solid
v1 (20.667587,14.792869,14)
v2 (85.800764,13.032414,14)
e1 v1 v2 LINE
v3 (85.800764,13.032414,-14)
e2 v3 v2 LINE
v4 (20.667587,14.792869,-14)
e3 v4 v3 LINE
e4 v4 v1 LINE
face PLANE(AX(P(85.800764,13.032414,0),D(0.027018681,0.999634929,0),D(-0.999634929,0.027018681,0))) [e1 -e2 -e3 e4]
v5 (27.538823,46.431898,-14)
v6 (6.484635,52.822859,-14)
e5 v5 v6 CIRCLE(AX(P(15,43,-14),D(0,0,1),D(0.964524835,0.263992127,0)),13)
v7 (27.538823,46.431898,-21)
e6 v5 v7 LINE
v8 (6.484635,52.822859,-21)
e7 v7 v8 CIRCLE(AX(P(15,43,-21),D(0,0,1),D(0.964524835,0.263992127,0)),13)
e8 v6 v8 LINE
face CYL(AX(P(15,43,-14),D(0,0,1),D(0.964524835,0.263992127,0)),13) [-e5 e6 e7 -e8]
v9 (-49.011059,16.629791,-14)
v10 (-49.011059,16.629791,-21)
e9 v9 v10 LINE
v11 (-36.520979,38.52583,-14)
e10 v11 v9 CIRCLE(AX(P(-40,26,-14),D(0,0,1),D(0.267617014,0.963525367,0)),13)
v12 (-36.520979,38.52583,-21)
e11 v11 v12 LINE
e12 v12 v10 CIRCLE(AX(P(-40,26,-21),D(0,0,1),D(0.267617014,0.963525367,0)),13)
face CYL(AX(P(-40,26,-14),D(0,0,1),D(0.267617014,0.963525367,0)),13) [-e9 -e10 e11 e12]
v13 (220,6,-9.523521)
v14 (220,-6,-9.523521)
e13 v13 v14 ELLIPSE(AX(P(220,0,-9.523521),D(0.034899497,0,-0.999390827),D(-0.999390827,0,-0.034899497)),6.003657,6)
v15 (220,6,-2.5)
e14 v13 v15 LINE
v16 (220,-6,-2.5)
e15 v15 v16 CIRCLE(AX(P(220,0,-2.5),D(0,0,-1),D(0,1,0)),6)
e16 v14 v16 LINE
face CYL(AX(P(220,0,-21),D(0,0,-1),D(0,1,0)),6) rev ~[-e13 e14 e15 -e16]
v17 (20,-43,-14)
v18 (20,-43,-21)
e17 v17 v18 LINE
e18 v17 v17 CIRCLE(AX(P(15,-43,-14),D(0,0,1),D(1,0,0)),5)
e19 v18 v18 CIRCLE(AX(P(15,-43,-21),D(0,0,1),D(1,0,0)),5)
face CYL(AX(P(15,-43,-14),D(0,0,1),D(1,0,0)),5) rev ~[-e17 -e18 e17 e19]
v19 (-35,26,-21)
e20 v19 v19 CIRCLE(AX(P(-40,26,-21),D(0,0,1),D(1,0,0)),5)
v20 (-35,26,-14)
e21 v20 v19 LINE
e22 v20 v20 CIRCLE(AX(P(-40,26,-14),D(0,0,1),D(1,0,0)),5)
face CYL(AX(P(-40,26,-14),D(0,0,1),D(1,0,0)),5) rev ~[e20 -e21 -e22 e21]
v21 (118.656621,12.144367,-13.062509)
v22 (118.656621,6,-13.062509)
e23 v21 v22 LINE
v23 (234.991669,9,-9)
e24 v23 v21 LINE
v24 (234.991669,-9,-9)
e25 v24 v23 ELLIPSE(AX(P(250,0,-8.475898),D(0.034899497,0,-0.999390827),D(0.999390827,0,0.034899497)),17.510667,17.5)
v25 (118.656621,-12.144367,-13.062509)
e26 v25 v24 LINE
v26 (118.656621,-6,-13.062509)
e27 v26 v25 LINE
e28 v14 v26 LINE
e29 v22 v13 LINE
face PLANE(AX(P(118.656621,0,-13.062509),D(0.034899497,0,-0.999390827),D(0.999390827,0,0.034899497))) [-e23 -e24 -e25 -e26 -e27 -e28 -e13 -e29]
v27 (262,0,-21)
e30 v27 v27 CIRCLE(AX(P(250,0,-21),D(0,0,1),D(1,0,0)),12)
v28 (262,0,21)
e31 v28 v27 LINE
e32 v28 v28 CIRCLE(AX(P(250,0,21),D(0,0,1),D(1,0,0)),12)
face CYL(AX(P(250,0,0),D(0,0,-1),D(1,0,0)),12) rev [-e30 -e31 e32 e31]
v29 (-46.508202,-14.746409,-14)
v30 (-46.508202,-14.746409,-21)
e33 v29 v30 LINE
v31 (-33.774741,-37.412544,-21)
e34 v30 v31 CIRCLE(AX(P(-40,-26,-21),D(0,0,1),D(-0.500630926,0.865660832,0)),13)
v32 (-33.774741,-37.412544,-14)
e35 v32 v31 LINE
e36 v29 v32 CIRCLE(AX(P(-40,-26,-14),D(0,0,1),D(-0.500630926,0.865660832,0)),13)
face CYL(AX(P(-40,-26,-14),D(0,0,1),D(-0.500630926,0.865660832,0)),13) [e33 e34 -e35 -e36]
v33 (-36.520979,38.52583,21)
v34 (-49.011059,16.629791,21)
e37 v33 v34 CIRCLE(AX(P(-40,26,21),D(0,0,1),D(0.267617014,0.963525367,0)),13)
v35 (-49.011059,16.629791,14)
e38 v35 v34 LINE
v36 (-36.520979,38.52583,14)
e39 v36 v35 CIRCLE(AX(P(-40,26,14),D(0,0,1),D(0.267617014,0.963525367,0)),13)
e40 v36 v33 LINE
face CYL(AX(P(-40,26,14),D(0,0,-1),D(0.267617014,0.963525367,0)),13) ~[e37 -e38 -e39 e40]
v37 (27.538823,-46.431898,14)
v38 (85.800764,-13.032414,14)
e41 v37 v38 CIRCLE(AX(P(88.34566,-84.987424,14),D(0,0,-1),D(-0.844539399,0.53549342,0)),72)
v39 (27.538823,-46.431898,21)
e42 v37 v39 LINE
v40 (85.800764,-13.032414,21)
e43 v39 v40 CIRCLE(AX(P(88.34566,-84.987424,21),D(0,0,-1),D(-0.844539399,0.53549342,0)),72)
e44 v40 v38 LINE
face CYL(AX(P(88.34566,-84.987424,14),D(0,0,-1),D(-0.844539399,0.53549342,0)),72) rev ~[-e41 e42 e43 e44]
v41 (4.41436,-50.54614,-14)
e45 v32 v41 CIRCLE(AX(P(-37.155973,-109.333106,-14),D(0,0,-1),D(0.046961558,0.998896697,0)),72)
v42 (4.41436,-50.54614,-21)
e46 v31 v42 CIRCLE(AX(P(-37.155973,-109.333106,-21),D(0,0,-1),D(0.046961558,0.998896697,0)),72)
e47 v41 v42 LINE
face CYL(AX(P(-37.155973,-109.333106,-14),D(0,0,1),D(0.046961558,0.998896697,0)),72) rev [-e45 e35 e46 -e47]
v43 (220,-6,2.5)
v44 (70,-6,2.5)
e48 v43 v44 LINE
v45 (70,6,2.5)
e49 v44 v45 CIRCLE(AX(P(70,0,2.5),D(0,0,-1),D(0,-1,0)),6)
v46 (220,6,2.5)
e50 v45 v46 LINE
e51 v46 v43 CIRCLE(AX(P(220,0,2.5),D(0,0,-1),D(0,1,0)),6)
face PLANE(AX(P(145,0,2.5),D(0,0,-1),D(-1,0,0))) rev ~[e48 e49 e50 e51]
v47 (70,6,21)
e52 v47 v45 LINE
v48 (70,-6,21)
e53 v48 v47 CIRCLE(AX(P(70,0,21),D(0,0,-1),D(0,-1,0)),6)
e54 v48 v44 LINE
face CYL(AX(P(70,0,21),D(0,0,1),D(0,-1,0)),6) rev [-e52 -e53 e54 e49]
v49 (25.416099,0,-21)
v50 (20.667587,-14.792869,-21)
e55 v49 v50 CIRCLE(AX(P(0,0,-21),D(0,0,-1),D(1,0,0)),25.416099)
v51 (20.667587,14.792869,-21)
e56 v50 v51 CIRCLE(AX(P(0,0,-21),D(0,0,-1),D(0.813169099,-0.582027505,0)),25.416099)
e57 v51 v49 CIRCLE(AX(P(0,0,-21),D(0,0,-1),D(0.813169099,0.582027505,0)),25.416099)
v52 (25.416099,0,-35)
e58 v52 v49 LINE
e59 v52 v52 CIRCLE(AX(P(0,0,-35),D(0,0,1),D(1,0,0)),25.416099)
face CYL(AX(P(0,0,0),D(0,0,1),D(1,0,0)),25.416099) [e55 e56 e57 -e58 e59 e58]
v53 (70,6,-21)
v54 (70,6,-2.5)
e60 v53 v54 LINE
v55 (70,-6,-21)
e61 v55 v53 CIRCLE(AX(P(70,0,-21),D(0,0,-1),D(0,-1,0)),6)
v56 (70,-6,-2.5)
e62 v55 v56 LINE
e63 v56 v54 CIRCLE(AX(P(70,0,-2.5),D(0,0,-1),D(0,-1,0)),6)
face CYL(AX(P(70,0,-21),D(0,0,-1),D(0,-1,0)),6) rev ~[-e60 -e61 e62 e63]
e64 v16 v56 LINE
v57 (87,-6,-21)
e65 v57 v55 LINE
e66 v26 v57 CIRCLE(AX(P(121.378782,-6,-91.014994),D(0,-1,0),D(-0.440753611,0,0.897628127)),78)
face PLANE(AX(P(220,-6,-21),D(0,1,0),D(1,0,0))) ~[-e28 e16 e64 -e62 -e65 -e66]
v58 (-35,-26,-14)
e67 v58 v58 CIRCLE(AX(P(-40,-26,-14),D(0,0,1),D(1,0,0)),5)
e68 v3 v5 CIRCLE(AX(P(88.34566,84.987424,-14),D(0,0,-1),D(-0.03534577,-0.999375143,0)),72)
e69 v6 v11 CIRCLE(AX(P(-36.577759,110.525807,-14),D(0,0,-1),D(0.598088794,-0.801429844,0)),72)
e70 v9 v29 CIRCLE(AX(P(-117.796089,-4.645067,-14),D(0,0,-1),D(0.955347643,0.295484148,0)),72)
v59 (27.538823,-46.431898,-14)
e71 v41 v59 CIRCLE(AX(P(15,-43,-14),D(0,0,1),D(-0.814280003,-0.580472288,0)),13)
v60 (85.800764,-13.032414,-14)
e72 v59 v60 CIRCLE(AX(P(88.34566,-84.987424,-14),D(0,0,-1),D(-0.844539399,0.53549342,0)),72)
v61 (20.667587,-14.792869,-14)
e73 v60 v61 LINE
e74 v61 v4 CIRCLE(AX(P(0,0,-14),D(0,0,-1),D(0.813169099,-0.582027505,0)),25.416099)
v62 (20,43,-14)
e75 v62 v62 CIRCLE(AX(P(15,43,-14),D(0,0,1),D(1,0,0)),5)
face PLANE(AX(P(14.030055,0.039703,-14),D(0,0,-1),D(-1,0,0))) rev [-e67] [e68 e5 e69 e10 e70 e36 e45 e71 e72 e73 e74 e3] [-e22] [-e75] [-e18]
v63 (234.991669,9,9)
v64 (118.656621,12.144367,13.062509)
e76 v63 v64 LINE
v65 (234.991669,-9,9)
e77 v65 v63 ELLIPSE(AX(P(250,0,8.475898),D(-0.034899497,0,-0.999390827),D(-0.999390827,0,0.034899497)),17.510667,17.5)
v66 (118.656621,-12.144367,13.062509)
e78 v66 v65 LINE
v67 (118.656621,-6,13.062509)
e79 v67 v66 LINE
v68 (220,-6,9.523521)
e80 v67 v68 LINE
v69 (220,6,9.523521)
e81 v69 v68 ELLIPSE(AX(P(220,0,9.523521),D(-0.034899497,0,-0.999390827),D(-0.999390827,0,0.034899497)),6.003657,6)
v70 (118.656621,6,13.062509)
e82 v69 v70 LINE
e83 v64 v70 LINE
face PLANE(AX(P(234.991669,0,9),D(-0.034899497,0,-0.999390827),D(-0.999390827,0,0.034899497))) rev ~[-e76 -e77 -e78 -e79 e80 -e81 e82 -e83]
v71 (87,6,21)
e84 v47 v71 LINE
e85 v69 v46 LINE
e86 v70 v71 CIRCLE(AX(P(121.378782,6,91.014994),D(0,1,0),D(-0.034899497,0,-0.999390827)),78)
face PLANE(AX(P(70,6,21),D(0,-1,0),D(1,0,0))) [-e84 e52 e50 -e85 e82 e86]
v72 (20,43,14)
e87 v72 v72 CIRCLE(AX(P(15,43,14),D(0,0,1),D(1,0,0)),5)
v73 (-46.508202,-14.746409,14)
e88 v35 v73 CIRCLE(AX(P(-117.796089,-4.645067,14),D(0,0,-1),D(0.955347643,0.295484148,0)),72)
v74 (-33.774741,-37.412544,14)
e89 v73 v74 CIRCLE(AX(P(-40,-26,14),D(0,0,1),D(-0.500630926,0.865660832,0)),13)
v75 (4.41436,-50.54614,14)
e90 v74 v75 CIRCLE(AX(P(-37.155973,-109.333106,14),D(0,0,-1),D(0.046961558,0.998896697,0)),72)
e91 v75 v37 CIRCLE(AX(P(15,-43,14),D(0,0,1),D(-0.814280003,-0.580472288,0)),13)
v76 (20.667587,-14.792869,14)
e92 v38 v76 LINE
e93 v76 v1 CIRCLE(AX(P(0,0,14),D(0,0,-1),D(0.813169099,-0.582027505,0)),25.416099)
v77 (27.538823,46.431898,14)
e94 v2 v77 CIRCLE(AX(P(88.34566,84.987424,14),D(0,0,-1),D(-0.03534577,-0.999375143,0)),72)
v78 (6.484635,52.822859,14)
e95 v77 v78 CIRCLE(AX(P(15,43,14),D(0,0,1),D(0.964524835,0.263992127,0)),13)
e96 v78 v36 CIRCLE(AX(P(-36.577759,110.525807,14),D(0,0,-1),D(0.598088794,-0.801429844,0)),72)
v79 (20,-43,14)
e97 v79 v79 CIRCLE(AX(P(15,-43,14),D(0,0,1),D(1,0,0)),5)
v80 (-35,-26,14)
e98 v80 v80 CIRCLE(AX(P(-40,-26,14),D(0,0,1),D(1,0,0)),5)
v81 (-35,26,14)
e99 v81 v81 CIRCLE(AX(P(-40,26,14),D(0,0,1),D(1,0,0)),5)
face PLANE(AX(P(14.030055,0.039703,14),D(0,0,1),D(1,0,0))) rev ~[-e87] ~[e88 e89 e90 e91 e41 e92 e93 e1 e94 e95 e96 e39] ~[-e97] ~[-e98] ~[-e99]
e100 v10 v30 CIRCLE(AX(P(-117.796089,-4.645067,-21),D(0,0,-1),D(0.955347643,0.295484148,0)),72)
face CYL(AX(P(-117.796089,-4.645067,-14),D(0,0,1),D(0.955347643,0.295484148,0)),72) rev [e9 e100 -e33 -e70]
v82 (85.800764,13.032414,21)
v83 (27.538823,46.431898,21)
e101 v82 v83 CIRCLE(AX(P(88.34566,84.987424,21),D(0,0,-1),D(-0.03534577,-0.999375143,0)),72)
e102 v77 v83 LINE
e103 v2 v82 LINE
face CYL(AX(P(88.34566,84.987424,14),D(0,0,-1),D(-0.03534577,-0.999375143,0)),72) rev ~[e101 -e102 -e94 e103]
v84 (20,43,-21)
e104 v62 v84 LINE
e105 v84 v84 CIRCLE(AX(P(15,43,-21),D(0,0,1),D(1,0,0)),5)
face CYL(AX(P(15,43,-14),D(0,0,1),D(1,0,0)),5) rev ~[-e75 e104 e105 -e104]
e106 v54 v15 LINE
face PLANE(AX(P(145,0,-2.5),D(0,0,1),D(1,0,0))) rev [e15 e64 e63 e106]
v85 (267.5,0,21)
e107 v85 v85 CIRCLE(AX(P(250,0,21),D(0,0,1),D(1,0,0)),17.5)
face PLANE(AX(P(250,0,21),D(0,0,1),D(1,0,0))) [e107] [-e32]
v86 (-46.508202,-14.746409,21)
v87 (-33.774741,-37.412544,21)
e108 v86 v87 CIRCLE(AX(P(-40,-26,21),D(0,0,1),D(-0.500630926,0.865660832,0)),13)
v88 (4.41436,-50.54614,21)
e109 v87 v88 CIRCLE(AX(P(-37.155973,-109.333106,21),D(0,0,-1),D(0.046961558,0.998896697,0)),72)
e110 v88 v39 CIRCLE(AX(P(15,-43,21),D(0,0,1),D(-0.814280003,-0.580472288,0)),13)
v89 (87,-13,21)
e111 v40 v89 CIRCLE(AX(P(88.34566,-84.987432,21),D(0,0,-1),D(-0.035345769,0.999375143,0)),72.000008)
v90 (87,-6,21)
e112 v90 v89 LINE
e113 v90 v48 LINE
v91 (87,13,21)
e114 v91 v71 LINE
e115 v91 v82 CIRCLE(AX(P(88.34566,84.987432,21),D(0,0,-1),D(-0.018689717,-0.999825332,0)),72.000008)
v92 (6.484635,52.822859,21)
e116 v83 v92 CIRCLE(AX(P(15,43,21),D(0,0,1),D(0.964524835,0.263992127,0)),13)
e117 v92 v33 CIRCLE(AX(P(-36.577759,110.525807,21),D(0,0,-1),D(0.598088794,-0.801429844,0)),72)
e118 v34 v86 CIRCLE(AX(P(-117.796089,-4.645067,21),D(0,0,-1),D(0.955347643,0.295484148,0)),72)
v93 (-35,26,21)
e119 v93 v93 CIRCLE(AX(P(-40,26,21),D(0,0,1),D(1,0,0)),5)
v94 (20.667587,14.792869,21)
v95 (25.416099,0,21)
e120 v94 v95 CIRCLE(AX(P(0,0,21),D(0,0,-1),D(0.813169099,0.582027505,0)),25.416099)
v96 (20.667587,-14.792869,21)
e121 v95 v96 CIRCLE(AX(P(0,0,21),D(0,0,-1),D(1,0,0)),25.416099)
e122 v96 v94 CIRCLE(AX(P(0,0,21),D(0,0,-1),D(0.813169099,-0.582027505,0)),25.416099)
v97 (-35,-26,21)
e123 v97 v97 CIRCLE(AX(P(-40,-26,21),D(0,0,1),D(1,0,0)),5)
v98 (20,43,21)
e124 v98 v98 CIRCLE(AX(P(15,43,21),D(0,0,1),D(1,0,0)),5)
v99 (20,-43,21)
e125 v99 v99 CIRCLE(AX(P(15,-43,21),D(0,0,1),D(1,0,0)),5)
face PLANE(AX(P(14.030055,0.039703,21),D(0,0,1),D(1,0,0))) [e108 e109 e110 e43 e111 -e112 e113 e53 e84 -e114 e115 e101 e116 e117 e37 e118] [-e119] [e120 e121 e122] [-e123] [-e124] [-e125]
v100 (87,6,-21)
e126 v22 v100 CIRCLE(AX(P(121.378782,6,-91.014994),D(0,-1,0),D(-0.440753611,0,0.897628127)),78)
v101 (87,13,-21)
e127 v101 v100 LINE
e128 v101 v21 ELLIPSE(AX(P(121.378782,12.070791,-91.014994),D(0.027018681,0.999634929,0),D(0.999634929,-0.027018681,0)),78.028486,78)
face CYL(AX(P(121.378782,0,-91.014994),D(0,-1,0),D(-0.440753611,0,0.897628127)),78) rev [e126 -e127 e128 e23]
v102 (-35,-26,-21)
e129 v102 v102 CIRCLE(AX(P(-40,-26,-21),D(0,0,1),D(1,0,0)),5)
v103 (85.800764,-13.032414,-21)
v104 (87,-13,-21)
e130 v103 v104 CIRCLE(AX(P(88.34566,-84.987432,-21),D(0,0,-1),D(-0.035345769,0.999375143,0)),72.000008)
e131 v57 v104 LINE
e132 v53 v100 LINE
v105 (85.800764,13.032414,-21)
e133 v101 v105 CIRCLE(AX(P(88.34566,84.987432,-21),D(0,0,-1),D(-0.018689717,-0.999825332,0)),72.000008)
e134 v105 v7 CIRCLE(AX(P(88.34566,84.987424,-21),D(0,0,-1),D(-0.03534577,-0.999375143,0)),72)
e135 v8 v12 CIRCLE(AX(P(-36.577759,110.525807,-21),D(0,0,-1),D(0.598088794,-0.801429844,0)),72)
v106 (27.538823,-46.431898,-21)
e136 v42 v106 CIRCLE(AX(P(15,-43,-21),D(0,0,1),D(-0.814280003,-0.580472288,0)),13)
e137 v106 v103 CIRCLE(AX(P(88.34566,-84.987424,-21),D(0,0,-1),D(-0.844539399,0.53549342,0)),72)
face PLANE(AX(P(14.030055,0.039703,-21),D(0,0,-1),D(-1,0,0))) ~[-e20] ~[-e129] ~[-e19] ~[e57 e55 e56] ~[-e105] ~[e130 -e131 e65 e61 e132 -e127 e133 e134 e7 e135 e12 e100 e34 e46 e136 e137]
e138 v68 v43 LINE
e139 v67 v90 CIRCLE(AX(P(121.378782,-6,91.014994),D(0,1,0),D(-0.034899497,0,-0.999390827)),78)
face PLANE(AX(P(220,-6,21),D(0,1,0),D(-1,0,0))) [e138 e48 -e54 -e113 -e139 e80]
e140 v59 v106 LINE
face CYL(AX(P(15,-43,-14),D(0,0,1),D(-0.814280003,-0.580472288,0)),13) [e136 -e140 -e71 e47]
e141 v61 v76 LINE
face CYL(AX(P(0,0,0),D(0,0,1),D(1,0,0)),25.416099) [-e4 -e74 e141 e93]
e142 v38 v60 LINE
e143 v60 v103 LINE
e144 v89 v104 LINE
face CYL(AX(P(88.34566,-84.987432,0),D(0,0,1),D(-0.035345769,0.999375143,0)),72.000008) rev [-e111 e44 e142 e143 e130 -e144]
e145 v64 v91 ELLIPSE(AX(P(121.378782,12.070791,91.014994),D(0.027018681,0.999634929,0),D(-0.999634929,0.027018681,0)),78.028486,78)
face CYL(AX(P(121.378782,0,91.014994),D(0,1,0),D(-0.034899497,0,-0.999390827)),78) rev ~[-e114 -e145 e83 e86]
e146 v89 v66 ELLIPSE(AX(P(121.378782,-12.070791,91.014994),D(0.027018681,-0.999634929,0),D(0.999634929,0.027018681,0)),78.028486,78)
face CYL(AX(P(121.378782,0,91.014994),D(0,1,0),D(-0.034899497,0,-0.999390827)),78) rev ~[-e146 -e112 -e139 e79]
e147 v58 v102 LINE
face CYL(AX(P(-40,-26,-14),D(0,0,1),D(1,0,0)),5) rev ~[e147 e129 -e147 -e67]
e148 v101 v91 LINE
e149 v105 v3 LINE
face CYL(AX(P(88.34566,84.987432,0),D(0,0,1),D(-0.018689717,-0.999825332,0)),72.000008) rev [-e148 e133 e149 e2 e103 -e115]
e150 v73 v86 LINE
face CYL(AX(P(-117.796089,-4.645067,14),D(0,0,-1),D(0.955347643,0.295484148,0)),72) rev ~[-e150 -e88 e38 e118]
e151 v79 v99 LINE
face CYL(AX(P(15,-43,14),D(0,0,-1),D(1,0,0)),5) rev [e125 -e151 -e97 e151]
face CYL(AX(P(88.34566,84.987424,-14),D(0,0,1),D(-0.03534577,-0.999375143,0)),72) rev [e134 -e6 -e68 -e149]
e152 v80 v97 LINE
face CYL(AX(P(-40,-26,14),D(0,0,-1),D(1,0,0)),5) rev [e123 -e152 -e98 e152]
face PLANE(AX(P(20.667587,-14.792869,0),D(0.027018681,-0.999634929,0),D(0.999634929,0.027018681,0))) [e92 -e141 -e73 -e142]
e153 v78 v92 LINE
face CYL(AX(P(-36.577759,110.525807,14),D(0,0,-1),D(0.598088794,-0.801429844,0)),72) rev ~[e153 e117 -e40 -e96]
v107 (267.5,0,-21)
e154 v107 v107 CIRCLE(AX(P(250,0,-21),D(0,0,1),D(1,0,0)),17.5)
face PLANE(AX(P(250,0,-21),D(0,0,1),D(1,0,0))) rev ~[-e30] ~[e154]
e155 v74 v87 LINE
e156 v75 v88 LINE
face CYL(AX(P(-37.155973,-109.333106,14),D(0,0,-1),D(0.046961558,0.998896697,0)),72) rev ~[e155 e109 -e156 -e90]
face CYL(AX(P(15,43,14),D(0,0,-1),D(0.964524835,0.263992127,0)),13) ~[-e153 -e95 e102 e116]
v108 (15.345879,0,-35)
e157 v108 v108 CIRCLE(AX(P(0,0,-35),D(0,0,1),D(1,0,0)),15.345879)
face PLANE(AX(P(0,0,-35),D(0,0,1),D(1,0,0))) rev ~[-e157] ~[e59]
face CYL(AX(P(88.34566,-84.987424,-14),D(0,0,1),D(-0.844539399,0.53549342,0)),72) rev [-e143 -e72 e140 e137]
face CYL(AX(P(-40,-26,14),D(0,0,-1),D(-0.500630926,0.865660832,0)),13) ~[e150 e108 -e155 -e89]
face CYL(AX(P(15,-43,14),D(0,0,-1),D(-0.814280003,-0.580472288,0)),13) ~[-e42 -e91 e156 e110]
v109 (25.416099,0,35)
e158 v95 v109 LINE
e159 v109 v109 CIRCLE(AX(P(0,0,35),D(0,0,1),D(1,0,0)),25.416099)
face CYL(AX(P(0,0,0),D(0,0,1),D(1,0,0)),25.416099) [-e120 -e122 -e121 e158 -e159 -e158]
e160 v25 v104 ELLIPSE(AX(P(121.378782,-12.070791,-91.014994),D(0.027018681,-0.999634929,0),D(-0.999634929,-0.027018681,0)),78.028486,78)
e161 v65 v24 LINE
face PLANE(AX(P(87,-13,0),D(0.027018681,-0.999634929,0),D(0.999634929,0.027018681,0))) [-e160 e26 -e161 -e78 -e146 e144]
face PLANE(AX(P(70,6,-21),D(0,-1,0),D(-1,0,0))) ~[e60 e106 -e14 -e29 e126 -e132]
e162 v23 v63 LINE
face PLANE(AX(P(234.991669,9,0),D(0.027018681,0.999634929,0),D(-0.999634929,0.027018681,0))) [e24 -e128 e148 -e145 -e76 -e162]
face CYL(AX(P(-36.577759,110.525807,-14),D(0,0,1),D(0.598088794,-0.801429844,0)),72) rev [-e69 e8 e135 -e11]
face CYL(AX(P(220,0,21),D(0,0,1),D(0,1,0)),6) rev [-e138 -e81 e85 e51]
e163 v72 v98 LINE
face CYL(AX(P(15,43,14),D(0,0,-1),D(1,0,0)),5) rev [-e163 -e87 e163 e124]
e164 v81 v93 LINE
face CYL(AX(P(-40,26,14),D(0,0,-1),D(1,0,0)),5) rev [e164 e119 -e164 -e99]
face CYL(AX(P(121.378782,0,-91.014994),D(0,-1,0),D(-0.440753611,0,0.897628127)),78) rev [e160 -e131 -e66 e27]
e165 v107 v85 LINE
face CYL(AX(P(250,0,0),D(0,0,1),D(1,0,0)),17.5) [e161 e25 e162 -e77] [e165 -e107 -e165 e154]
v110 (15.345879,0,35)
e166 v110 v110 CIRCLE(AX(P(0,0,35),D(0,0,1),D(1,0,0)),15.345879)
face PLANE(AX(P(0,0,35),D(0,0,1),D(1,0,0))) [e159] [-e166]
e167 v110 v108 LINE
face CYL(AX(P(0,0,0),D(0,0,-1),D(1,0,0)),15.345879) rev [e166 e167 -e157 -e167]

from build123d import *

# Parameters (mm, degrees)
SKETCH1_R           = 25.416099274
SKETCH1_R_2         = 15.345879333
BOSS_EXTRUDE3_DEPTH = 35
BOSS_EXTRUDE4_DEPTH = 21
CUT_EXTRUDE1_DEPTH  = 21
SKETCH1_7_R         = 17.5
SKETCH1_7_R_2       = 12
BOSS_EXTRUDE5_DEPTH = 21
BOSS_EXTRUDE6_START = 14
SKETCH1_8_R         = 5
BOSS_EXTRUDE6_DEPTH = 7
CUT_EXTRUDE2_DEPTH  = 18.5


with BuildPart() as part:
    # Sketch1 → Boss-Extrude3 (new body, symmetric)
    with BuildSketch(Plane.XY):
        Circle(SKETCH1_R)
        Circle(SKETCH1_R_2, mode=Mode.SUBTRACT)
    extrude(amount=BOSS_EXTRUDE3_DEPTH, both=True)

    # Sketch1<6> → Boss-Extrude4 (add, symmetric)
    with BuildSketch(Plane.XY):
        with BuildLine():
            ThreePointArc((234.99166898, -9), (232.5, 0), (234.99166898, 9))
            Line((234.99166898, 9), (87, 13))
            ThreePointArc((87, 13), (86.400314561, 13.01370903), (85.800764144, 13.032413604))
            Line((85.800764144, 13.032413604), (20.667586541, 14.792868853))
            ThreePointArc((20.667586541, 14.792868853), (24.199871215, 7.768161657), (25.416099274, 0))
            ThreePointArc((25.416099274, 0), (24.199871215, -7.768161657), (20.667586541, -14.792868853))
            Line((20.667586541, -14.792868853), (85.800764144, -13.032413604))
            ThreePointArc((85.800764144, -13.032413604), (86.400314561, -13.01370903), (87, -13))
            Line((87, -13), (234.99166898, -9))
        make_face()
    extrude(amount=BOSS_EXTRUDE4_DEPTH, both=True)

    # Sketch2 → Cut-Extrude1 (cut, symmetric)
    with BuildSketch(Plane(origin=(0, 0, 0), x_dir=(1, 0, 0), z_dir=(0, 1, 0))):
        with BuildLine():
            Line((118.656620919, 13.062509397), (234.99166898, 9))
            Line((234.99166898, 9), (234.99166898, 21))
            Line((234.99166898, 21), (87, 21))
            ThreePointArc((87, 21), (102.408517533, 15.35701958), (118.656620919, 13.062509397))
        make_face()
        with BuildLine():
            Line((87, -21), (234.99166898, -21))
            Line((234.99166898, -21), (234.99166898, -9))
            Line((234.99166898, -9), (118.656620919, -13.062509397))
            ThreePointArc((118.656620919, -13.062509397), (102.408517533, -15.35701958), (87, -21))
        make_face()
    extrude(amount=CUT_EXTRUDE1_DEPTH, both=True, mode=Mode.SUBTRACT)

    # Sketch1<7> → Boss-Extrude5 (add, symmetric)
    with BuildSketch(Plane.XY):
        with Locations((250, 0)):
            Circle(SKETCH1_7_R)
        with Locations((250, 0)):
            Circle(SKETCH1_7_R_2, mode=Mode.SUBTRACT)
    extrude(amount=BOSS_EXTRUDE5_DEPTH, both=True)

    # Sketch1<8> → Boss-Extrude6 (add)
    with BuildSketch(Plane.XY.offset(BOSS_EXTRUDE6_START)):
        with BuildLine():
            Line((20.667586541, 14.792868853), (85.800764144, 13.032413604))
            ThreePointArc((85.800764144, 13.032413604), (52.537254482, 22.523369258), (27.53882285, 46.431897657))
            ThreePointArc((27.53882285, 46.431897657), (18.775996279, 55.439527809), (6.484634563, 52.82285862))
            ThreePointArc((6.484634563, 52.82285862), (-13.863951623, 42.202436765), (-36.520978816, 38.525829777))
            ThreePointArc((-36.520978816, 38.525829777), (-51.292032009, 32.441274184), (-49.011059213, 16.629791258))
            ThreePointArc((-49.011059213, 16.629791258), (-46.024075038, 1.080135069), (-46.508202044, -14.746409188))
            ThreePointArc((-46.508202044, -14.746409188), (-51.333950201, -32.367226465), (-33.774741186, -37.412543656))
            ThreePointArc((-33.774741186, -37.412543656), (-13.740515927, -41.247010721), (4.414359967, -50.546139748))
            ThreePointArc((4.414359967, -50.546139748), (17.277164415, -55.799004736), (27.53882285, -46.431897657))
            ThreePointArc((27.53882285, -46.431897657), (52.537254482, -22.523369258), (85.800764144, -13.032413604))
            Line((85.800764144, -13.032413604), (20.667586541, -14.792868853))
            ThreePointArc((20.667586541, -14.792868853), (-25.416099274, 0), (20.667586541, 14.792868853))
        make_face()
        with Locations((15, -43)):
            Circle(SKETCH1_8_R, mode=Mode.SUBTRACT)
        with Locations((-40, -26)):
            Circle(SKETCH1_8_R, mode=Mode.SUBTRACT)
        with Locations((-40, 26)):
            Circle(SKETCH1_8_R, mode=Mode.SUBTRACT)
        with Locations((15, 43)):
            Circle(SKETCH1_8_R, mode=Mode.SUBTRACT)
    boss_extrude6 = extrude(amount=BOSS_EXTRUDE6_DEPTH)

    # Mirror1: Boss-Extrude6 across plane
    add(boss_extrude6.mirror(Plane.XY))

    # Sketch3 → Cut-Extrude2 (cut)
    with BuildSketch(Plane.XY.offset(21)):
        with BuildLine():
            Line((70, 6), (220, 6))
            ThreePointArc((220, 6), (226, 0), (220, -6))
            Line((220, -6), (70, -6))
            ThreePointArc((70, -6), (64, 0), (70, 6))
        make_face()
    cut_extrude2 = extrude(amount=-CUT_EXTRUDE2_DEPTH, mode=Mode.SUBTRACT)

    # Mirror2: Cut-Extrude2 across plane
    add(cut_extrude2.mirror(Plane.XY), mode=Mode.SUBTRACT)


solid = part.part
